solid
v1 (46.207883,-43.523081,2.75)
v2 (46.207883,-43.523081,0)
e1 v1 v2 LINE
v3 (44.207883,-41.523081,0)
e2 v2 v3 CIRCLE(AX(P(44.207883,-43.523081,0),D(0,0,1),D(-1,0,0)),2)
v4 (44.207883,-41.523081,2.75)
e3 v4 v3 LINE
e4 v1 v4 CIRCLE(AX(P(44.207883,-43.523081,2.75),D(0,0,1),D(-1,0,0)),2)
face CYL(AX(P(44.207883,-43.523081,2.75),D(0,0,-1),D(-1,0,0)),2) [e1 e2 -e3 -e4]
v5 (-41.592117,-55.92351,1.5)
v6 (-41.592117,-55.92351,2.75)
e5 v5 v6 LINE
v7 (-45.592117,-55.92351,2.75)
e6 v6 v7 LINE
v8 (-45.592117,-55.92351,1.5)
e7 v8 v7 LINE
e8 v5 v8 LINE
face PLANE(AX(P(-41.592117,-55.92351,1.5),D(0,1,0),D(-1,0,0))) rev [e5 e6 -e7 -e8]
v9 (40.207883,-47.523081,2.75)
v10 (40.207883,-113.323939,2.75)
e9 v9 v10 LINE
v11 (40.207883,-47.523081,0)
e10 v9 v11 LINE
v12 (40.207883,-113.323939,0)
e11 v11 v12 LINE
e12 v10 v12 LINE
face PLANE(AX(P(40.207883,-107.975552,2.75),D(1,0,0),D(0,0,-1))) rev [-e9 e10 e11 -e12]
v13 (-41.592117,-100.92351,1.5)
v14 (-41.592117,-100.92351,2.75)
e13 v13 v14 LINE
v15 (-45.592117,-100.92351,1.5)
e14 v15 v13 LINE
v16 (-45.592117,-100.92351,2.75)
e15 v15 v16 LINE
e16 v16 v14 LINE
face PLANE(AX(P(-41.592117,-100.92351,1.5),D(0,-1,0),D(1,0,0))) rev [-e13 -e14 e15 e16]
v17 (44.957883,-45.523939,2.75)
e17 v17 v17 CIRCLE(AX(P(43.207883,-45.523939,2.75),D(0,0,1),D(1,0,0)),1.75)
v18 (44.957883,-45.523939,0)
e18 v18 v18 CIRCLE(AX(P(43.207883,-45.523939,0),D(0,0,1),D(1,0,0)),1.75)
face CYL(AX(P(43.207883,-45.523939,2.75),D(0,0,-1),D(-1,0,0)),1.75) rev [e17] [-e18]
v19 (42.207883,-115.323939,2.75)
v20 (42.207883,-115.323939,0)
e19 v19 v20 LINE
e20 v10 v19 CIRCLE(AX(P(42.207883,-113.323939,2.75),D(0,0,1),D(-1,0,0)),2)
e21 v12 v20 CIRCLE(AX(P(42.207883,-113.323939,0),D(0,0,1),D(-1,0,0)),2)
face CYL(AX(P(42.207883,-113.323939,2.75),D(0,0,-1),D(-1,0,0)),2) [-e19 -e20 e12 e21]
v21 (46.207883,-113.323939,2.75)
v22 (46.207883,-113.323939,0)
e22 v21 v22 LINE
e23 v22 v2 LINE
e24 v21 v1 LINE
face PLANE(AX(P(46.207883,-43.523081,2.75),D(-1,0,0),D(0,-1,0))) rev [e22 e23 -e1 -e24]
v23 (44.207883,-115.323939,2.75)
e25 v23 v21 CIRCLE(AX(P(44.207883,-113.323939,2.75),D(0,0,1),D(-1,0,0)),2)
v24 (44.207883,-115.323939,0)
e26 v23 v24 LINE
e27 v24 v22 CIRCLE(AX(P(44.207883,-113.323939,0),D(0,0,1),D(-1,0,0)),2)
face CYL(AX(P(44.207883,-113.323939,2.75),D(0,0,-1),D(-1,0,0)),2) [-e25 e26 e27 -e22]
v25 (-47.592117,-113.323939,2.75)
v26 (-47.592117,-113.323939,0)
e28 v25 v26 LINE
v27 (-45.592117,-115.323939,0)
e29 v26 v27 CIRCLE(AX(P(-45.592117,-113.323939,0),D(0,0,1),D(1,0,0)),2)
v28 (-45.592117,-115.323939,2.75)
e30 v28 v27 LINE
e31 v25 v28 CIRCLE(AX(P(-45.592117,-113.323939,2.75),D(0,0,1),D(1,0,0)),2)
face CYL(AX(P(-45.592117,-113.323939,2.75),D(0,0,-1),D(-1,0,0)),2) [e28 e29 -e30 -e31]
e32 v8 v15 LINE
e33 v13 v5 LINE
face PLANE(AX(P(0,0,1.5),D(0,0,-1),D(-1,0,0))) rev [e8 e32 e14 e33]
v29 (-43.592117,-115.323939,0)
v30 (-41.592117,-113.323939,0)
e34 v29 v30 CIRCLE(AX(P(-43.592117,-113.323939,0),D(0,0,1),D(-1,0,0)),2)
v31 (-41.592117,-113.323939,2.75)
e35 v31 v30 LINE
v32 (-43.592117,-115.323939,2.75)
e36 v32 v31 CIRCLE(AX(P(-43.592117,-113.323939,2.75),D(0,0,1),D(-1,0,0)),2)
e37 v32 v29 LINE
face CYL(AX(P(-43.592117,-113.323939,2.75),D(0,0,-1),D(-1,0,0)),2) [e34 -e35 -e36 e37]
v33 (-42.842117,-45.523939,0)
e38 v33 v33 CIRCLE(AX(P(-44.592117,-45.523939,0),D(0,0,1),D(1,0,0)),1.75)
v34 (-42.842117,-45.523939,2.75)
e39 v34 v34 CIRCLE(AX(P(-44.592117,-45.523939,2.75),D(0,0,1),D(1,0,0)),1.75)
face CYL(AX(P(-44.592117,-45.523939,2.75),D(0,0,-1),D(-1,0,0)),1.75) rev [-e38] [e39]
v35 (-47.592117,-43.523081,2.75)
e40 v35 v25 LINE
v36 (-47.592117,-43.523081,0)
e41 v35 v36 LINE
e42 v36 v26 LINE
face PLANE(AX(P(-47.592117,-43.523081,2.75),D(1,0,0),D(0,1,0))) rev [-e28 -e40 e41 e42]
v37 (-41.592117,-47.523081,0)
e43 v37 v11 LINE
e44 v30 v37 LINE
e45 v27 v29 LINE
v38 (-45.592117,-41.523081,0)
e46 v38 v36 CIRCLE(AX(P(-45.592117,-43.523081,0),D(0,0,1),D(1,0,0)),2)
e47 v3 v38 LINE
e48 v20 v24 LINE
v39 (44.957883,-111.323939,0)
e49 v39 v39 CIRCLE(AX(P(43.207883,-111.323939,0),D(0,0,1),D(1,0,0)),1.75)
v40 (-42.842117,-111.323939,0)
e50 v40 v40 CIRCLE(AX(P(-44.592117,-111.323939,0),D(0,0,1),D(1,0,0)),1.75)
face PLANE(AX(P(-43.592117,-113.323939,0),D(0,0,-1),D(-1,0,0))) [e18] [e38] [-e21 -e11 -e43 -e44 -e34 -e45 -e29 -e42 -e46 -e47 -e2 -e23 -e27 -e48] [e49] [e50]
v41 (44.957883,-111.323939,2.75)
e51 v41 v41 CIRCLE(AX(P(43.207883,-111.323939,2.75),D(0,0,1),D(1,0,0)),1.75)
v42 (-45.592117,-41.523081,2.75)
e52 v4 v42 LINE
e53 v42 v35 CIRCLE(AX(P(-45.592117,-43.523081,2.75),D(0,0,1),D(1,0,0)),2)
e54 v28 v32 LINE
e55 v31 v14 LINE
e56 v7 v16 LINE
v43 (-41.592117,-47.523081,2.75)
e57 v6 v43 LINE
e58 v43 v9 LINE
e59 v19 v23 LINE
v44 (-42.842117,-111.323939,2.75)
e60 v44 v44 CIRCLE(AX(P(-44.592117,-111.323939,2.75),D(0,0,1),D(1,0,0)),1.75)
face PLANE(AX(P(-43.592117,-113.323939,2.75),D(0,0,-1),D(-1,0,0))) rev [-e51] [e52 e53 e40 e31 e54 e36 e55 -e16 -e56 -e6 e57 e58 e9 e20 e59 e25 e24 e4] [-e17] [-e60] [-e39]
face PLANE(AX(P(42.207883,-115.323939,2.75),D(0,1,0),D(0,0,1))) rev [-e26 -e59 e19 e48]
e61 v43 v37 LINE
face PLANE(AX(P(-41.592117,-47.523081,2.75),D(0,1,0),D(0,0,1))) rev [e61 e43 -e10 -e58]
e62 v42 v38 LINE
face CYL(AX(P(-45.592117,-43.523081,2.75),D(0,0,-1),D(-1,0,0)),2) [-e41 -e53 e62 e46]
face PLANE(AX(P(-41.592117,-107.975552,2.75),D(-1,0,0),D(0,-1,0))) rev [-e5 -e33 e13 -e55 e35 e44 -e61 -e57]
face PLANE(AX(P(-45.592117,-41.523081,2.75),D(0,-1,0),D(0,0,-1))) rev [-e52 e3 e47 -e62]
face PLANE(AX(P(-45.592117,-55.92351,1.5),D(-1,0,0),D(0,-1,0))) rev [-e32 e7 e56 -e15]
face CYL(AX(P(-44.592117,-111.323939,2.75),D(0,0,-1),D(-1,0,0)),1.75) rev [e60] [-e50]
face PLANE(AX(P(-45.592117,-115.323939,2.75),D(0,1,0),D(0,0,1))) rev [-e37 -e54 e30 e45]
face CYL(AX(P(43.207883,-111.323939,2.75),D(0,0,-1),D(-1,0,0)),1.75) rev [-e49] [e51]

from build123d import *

# Parameters (mm, degrees)
SKETCH1_R           = 1.75
BOSS_EXTRUDE1_DEPTH = 2.75
SKETCH2_W           = 4
SKETCH2_H           = 45
CUT_EXTRUDE1_DEPTH  = 1.25


with BuildPart() as part:
    # Sketch1 → Boss-Extrude1 (new body)
    with BuildSketch(Plane.XY):
        with BuildLine():
            Line((-41.592117096, -107.975551573), (-41.592117096, -113.323938617))
            ThreePointArc((-41.592117096, -113.323938617), (-42.177903534, -114.73815218), (-43.592117096, -115.323938617))
            Line((-43.592117096, -115.323938617), (-45.592117096, -115.323938617))
            ThreePointArc((-45.592117096, -115.323938617), (-47.006330659, -114.73815218), (-47.592117096, -113.323938617))
            Line((-47.592117096, -113.323938617), (-47.592117096, -43.523080591))
            ThreePointArc((-47.592117096, -43.523080591), (-47.006330659, -42.108867028), (-45.592117096, -41.523080591))
            Line((-45.592117096, -41.523080591), (44.207882904, -41.523080591))
            ThreePointArc((44.207882904, -41.523080591), (45.622096466, -42.108867028), (46.207882904, -43.523080591))
            Line((46.207882904, -43.523080591), (46.207882904, -113.323938617))
            ThreePointArc((46.207882904, -113.323938617), (45.622096466, -114.73815218), (44.207882904, -115.323938617))
            Line((44.207882904, -115.323938617), (42.207882904, -115.323938617))
            ThreePointArc((42.207882904, -115.323938617), (40.793669341, -114.73815218), (40.207882904, -113.323938617))
            Line((40.207882904, -113.323938617), (40.207882904, -107.975551573))
            Line((40.207882904, -107.975551573), (40.207882904, -47.523080591))
            Line((40.207882904, -47.523080591), (-41.592117096, -47.523080591))
            Line((-41.592117096, -47.523080591), (-41.592117096, -107.975551573))
        make_face()
        with Locations((-44.592117096, -45.523938617)):
            Circle(SKETCH1_R, mode=Mode.SUBTRACT)
        with Locations((43.207882904, -45.523938617)):
            Circle(SKETCH1_R, mode=Mode.SUBTRACT)
        with Locations((43.207882904, -111.323938617)):
            Circle(SKETCH1_R, mode=Mode.SUBTRACT)
        with Locations((-44.592117096, -111.323938617)):
            Circle(SKETCH1_R, mode=Mode.SUBTRACT)
    extrude(amount=BOSS_EXTRUDE1_DEPTH)

    # Sketch2 → Cut-Extrude1 (cut)
    with BuildSketch(Plane.XY.offset(2.75)):
        with Locations((-43.592117096, -78.423509604)):
            Rectangle(SKETCH2_W, SKETCH2_H)
    extrude(amount=-CUT_EXTRUDE1_DEPTH, mode=Mode.SUBTRACT)


solid = part.part
